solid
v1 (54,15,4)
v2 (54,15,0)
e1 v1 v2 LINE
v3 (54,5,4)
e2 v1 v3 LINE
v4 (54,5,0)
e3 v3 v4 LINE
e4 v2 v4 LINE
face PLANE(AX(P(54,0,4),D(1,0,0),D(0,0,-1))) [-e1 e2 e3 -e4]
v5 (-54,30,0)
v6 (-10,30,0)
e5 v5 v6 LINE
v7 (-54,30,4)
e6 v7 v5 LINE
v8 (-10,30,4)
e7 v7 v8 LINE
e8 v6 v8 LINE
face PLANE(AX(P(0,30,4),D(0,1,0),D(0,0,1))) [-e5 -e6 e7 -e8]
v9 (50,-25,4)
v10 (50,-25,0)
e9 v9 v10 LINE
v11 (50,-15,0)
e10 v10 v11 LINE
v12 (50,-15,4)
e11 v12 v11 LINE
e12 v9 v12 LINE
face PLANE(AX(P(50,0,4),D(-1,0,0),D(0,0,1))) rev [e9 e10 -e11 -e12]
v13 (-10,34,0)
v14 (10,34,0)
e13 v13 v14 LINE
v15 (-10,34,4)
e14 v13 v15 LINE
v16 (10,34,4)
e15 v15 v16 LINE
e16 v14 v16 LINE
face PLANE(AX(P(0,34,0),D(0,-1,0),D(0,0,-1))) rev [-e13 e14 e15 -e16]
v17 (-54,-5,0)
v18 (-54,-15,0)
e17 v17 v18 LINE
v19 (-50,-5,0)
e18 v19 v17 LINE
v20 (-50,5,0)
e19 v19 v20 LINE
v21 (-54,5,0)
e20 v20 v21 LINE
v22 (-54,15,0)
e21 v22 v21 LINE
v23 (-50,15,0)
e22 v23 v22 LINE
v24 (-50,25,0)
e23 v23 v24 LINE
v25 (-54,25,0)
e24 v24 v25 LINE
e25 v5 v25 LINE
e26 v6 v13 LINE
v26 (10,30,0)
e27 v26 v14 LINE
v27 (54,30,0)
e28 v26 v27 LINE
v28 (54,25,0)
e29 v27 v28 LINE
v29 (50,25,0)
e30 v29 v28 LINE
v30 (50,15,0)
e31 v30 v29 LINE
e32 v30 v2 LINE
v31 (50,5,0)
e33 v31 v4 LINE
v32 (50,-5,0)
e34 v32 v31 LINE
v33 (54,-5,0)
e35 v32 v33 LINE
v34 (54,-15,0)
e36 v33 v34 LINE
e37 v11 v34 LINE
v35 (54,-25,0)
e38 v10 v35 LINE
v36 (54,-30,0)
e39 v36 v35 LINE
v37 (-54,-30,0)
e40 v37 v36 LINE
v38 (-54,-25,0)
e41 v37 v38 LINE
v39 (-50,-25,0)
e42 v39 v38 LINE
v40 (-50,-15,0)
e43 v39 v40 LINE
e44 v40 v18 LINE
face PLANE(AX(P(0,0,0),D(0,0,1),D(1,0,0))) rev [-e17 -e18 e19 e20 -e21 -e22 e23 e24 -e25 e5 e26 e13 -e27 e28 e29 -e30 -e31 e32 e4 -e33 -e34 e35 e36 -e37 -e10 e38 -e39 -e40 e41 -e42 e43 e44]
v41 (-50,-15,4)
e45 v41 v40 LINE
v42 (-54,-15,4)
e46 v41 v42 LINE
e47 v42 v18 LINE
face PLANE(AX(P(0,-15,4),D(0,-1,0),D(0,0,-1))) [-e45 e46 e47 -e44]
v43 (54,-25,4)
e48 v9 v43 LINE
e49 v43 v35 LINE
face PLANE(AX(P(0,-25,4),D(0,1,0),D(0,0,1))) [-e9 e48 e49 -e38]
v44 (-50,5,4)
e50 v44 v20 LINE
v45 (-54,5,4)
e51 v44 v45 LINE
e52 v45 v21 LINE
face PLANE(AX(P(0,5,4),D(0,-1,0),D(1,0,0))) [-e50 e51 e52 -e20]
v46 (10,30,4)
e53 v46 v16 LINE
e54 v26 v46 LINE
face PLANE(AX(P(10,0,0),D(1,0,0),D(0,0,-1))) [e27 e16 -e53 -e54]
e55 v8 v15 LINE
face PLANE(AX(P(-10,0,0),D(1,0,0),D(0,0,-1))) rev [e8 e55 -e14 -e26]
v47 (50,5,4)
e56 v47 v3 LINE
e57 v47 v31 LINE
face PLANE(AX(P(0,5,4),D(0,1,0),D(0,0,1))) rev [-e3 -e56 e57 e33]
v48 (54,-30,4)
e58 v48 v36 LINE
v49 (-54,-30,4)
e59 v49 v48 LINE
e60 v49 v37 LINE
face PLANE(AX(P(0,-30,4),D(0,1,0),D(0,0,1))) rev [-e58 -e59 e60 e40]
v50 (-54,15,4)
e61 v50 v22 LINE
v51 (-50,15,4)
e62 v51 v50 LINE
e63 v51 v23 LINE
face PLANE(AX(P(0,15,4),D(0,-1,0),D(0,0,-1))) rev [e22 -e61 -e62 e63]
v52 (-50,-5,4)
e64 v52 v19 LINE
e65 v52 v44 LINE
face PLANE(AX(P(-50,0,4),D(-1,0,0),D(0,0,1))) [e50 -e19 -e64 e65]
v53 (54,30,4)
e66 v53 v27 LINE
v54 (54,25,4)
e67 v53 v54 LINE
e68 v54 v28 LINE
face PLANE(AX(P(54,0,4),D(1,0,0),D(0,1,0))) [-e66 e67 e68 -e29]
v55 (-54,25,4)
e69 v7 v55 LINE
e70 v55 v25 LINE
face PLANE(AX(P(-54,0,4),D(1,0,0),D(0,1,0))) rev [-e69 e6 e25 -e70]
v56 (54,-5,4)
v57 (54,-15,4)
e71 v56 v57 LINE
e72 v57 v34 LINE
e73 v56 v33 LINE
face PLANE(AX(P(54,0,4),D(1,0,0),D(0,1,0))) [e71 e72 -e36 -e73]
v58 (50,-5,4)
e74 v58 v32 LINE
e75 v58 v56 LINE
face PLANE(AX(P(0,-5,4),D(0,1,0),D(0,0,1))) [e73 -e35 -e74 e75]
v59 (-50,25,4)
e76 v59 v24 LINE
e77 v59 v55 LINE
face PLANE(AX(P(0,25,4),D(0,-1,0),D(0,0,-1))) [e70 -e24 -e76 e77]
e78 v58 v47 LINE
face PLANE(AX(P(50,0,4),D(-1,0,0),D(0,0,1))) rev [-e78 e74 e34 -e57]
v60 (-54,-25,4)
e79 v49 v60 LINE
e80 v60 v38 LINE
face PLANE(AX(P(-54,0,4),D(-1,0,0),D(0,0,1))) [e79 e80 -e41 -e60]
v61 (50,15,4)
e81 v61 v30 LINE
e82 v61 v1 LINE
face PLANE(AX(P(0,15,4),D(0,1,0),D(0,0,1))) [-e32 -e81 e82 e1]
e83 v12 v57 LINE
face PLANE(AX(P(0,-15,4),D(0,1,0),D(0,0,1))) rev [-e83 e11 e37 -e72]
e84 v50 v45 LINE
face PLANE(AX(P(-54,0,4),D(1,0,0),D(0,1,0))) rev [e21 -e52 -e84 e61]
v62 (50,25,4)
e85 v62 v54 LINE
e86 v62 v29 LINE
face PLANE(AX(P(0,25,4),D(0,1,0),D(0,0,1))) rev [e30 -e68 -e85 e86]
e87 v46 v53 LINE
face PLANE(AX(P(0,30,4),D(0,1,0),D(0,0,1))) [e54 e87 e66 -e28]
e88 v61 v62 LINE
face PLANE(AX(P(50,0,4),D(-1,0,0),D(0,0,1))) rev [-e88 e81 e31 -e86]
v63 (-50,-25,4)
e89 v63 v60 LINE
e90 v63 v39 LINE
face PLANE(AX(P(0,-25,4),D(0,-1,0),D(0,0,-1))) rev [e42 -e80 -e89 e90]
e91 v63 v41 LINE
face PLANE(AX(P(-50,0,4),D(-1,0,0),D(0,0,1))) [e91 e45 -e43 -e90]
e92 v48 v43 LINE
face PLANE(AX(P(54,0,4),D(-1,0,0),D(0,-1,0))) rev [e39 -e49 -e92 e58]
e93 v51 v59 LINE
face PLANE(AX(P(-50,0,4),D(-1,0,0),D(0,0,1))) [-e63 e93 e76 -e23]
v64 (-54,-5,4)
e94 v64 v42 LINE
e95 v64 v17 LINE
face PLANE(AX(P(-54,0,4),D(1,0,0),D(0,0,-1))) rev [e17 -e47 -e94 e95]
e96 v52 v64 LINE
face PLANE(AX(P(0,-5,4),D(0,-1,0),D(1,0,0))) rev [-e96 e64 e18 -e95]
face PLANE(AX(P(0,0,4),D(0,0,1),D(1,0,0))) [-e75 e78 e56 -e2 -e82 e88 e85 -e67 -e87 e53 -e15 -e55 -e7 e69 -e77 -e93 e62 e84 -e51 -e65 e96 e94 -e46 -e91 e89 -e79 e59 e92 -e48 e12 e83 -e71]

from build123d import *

# Parameters (mm, degrees)
SKETCH1_W           = 4
SKETCH1_H           = 5
BOSS_EXTRUDE1_DEPTH = 4
SKETCH2_W           = 20
SKETCH2_H           = 4
BOSS_EXTRUDE2_DEPTH = 4


with BuildPart() as part:
    # Sketch1 → Boss-Extrude1 (new body)
    with BuildSketch(Plane.XY):
        Polygon((-40, 30), (-50, 30), (-50, 25), (-50, 20), (-50, 15), (-50, 10), (-50, 5), (-50, -5), (-50, -10), (-50, -15), (-50, -20), (-50, -25), (-50, -30), (50, -30), (50, -25.221238938), (50, -25), (50, -20), (50, -15), (50, -10), (50, -5), (50, 0), (50, 5), (50, 6.10619469), (50, 10), (50, 15), (50, 20), (50, 25), (50, 30), (40, 30), (30, 30), (20, 30), (10, 30), (0, 30), (-10, 30), (-20, 30), (-30, 30), align=None)
        Polygon((-50, 10), (-50, 15), (-54, 15), (-54, 5), (-50, 5), align=None)
        with Locations((-52, 27.5)):
            Rectangle(SKETCH1_W, SKETCH1_H)
        Polygon((-50, -10), (-50, -5), (-54, -5), (-54, -15), (-50, -15), align=None)
        with Locations((-52, -27.5)):
            Rectangle(SKETCH1_W, SKETCH1_H)
        Polygon((54, 15), (50, 15), (50, 10), (50, 6.10619469), (50, 5), (54, 5), align=None)
        with Locations((52, 27.5)):
            Rectangle(SKETCH1_W, SKETCH1_H)
        Polygon((50, -10), (50, -15), (54, -15), (54, -5), (50, -5), align=None)
        Polygon((50, -25.221238938), (50, -30), (54, -30), (54, -25), (50, -25), align=None)
    extrude(amount=BOSS_EXTRUDE1_DEPTH)

    # Sketch2 → Boss-Extrude2 (add)
    with BuildSketch(Plane.XY.offset(4)):
        with Locations((0, 32)):
            Rectangle(SKETCH2_W, SKETCH2_H)
    extrude(amount=-BOSS_EXTRUDE2_DEPTH)


solid = part.part
